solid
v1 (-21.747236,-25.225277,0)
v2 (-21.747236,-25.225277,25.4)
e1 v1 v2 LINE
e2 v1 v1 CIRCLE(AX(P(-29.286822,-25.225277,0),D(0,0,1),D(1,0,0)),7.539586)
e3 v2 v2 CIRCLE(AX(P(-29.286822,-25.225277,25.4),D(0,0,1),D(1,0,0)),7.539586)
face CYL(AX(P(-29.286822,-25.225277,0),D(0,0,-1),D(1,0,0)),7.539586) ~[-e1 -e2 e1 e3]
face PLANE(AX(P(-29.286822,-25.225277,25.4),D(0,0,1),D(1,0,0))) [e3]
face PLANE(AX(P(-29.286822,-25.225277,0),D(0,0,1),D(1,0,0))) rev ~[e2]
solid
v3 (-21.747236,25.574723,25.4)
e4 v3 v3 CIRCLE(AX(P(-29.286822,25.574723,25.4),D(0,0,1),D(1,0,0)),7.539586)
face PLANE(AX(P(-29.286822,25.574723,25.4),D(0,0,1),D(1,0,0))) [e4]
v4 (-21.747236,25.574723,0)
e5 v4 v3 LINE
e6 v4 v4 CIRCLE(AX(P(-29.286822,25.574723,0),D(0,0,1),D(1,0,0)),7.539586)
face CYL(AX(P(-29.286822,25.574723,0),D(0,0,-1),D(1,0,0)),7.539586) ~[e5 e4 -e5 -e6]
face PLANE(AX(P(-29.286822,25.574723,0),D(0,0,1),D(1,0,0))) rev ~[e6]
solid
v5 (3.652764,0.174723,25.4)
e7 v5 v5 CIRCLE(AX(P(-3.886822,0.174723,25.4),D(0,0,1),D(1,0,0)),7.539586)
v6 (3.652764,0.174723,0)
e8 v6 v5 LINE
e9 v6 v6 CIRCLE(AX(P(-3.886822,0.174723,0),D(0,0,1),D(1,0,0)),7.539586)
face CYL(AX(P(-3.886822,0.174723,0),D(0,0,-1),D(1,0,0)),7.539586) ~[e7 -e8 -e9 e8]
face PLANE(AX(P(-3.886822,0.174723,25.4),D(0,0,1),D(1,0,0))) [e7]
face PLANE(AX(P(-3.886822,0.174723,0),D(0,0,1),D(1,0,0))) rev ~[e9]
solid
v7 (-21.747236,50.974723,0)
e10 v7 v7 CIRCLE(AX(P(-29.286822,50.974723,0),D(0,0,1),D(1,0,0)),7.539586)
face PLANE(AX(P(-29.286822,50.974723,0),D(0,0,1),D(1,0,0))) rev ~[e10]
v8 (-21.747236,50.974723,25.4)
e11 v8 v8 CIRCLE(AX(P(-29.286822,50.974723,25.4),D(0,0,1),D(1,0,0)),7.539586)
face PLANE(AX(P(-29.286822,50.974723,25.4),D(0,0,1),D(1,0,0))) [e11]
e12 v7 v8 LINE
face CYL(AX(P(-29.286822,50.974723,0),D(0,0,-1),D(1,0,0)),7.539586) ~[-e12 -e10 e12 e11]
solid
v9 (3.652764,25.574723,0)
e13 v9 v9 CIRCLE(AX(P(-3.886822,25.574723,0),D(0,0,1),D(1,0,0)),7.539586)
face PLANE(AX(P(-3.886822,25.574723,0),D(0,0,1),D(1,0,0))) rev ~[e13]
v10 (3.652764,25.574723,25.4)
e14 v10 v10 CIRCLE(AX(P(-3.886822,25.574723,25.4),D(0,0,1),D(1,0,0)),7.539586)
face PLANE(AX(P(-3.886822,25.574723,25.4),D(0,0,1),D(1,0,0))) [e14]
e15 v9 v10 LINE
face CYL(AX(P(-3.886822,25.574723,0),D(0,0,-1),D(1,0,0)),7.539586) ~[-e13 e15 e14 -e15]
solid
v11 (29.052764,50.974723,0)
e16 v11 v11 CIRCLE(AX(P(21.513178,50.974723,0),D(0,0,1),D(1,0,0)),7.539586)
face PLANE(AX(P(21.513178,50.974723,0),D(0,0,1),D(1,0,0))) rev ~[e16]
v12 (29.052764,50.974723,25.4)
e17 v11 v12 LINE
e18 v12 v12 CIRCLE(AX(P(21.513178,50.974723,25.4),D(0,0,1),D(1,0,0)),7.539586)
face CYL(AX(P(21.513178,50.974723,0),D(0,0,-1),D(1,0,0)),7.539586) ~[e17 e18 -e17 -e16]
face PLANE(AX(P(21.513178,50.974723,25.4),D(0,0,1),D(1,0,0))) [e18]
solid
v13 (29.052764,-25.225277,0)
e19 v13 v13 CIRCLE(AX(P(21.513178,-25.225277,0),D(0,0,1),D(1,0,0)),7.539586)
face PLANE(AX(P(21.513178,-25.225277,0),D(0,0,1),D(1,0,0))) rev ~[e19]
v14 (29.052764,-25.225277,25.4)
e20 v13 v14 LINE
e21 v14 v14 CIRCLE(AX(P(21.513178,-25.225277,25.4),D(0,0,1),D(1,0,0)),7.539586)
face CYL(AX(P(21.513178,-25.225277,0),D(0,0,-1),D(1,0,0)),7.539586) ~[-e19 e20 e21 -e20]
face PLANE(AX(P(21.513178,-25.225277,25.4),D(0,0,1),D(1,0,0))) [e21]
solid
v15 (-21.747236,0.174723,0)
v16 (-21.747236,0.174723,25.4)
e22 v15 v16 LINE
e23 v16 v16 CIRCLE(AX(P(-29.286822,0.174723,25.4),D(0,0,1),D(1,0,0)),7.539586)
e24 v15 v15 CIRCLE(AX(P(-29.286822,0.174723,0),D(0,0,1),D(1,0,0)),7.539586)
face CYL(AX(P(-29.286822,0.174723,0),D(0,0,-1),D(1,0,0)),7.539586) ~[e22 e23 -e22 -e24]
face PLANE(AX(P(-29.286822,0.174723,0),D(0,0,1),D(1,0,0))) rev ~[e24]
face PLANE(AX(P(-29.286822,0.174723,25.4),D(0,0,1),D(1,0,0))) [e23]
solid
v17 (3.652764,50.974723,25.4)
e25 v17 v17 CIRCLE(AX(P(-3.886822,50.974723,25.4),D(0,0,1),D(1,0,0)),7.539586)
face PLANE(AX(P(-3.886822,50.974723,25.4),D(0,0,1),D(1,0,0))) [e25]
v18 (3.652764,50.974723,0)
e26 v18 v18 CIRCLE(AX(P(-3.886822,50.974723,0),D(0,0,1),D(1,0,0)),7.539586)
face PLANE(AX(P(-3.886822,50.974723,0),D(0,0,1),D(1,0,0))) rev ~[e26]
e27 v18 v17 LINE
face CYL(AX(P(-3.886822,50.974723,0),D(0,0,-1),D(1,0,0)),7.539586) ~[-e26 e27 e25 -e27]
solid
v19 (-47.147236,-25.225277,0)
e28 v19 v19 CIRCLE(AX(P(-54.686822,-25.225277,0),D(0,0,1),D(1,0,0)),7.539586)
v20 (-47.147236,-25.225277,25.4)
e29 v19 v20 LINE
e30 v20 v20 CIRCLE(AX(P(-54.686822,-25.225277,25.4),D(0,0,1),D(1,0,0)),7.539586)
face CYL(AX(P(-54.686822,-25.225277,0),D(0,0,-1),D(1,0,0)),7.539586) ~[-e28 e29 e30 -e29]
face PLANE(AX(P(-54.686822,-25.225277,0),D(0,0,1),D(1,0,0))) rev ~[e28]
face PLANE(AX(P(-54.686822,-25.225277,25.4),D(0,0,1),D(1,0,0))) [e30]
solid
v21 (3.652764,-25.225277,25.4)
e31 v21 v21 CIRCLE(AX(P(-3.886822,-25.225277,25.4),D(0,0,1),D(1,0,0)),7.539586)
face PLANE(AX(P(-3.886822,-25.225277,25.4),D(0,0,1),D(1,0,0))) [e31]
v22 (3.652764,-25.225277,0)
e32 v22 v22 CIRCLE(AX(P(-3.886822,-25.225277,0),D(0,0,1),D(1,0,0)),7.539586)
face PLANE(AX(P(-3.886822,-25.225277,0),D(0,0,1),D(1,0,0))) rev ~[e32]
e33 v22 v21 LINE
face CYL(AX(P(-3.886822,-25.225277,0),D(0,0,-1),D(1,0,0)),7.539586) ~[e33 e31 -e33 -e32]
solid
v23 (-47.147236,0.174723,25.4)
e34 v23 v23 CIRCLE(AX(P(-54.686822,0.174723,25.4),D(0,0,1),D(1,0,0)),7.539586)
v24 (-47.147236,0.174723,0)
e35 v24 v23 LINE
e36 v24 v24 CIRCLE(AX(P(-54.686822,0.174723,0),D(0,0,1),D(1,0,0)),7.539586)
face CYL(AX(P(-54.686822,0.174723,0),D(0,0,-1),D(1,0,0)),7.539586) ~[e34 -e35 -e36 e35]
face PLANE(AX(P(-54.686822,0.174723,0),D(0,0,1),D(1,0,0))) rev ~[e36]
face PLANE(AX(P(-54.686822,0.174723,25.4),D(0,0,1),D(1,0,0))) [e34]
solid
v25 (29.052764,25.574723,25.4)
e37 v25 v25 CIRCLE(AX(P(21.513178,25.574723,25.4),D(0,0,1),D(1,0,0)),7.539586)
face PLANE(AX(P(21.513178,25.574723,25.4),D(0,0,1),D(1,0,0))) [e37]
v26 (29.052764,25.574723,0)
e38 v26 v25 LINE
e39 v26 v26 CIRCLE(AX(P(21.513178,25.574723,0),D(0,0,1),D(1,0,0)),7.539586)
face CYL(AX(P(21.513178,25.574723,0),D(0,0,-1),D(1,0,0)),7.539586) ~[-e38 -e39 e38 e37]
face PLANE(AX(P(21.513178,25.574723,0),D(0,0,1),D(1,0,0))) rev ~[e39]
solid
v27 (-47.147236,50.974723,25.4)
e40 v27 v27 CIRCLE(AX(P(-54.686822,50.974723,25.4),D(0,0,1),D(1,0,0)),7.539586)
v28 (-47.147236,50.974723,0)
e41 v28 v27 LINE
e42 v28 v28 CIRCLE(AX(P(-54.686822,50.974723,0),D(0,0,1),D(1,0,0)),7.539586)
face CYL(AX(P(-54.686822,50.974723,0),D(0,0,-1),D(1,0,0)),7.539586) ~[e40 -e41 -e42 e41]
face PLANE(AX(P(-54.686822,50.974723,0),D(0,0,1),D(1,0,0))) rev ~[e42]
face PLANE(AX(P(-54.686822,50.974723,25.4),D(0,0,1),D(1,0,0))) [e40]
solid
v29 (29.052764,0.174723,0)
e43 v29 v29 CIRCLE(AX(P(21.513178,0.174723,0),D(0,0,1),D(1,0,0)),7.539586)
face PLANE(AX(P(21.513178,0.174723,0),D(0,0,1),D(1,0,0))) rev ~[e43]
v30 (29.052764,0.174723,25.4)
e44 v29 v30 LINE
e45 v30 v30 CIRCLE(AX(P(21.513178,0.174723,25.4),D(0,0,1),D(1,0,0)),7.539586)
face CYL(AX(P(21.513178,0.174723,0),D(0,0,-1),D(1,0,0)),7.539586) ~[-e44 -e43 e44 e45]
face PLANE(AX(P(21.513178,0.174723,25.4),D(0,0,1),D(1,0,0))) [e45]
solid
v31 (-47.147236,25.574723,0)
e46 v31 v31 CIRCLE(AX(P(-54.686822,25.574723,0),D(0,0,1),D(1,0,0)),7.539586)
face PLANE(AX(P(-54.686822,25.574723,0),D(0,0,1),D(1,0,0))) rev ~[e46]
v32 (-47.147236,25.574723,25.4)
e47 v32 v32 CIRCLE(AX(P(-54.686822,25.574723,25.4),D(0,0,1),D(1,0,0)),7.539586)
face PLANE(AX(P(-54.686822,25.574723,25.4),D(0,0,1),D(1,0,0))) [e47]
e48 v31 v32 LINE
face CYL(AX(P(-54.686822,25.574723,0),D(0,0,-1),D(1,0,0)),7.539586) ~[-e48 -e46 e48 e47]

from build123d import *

# Parameters (mm, degrees)
F0_R     = 7.539586
F1_DEPTH = 25.4


with BuildPart() as f1:
    # F0 (on Top) → F1 (new body)
    with BuildSketch(Plane.XY):
        with Locations((21.513178, 50.974723)):
            Circle(F0_R)
        with Locations((21.513178, 25.574723)):
            Circle(F0_R)
        with Locations((21.513178, 0.174723)):
            Circle(F0_R)
        with Locations((21.513178, -25.225277)):
            Circle(F0_R)
        with Locations((-3.886822, -25.225277)):
            Circle(F0_R)
        with Locations((-3.886822, 0.174723)):
            Circle(F0_R)
        with Locations((-3.886822, 25.574723)):
            Circle(F0_R)
        with Locations((-3.886822, 50.974723)):
            Circle(F0_R)
        with Locations((-29.286822, 50.974723)):
            Circle(F0_R)
        with Locations((-29.286822, 25.574723)):
            Circle(F0_R)
        with Locations((-29.286822, 0.174723)):
            Circle(F0_R)
        with Locations((-29.286822, -25.225277)):
            Circle(F0_R)
        with Locations((-54.686822, 0.174723)):
            Circle(F0_R)
        with Locations((-54.686822, 25.574723)):
            Circle(F0_R)
        with Locations((-54.686822, 50.974723)):
            Circle(F0_R)
        with Locations((-54.686822, -25.225277)):
            Circle(F0_R)
    extrude(amount=F1_DEPTH)


solid = f1.part
